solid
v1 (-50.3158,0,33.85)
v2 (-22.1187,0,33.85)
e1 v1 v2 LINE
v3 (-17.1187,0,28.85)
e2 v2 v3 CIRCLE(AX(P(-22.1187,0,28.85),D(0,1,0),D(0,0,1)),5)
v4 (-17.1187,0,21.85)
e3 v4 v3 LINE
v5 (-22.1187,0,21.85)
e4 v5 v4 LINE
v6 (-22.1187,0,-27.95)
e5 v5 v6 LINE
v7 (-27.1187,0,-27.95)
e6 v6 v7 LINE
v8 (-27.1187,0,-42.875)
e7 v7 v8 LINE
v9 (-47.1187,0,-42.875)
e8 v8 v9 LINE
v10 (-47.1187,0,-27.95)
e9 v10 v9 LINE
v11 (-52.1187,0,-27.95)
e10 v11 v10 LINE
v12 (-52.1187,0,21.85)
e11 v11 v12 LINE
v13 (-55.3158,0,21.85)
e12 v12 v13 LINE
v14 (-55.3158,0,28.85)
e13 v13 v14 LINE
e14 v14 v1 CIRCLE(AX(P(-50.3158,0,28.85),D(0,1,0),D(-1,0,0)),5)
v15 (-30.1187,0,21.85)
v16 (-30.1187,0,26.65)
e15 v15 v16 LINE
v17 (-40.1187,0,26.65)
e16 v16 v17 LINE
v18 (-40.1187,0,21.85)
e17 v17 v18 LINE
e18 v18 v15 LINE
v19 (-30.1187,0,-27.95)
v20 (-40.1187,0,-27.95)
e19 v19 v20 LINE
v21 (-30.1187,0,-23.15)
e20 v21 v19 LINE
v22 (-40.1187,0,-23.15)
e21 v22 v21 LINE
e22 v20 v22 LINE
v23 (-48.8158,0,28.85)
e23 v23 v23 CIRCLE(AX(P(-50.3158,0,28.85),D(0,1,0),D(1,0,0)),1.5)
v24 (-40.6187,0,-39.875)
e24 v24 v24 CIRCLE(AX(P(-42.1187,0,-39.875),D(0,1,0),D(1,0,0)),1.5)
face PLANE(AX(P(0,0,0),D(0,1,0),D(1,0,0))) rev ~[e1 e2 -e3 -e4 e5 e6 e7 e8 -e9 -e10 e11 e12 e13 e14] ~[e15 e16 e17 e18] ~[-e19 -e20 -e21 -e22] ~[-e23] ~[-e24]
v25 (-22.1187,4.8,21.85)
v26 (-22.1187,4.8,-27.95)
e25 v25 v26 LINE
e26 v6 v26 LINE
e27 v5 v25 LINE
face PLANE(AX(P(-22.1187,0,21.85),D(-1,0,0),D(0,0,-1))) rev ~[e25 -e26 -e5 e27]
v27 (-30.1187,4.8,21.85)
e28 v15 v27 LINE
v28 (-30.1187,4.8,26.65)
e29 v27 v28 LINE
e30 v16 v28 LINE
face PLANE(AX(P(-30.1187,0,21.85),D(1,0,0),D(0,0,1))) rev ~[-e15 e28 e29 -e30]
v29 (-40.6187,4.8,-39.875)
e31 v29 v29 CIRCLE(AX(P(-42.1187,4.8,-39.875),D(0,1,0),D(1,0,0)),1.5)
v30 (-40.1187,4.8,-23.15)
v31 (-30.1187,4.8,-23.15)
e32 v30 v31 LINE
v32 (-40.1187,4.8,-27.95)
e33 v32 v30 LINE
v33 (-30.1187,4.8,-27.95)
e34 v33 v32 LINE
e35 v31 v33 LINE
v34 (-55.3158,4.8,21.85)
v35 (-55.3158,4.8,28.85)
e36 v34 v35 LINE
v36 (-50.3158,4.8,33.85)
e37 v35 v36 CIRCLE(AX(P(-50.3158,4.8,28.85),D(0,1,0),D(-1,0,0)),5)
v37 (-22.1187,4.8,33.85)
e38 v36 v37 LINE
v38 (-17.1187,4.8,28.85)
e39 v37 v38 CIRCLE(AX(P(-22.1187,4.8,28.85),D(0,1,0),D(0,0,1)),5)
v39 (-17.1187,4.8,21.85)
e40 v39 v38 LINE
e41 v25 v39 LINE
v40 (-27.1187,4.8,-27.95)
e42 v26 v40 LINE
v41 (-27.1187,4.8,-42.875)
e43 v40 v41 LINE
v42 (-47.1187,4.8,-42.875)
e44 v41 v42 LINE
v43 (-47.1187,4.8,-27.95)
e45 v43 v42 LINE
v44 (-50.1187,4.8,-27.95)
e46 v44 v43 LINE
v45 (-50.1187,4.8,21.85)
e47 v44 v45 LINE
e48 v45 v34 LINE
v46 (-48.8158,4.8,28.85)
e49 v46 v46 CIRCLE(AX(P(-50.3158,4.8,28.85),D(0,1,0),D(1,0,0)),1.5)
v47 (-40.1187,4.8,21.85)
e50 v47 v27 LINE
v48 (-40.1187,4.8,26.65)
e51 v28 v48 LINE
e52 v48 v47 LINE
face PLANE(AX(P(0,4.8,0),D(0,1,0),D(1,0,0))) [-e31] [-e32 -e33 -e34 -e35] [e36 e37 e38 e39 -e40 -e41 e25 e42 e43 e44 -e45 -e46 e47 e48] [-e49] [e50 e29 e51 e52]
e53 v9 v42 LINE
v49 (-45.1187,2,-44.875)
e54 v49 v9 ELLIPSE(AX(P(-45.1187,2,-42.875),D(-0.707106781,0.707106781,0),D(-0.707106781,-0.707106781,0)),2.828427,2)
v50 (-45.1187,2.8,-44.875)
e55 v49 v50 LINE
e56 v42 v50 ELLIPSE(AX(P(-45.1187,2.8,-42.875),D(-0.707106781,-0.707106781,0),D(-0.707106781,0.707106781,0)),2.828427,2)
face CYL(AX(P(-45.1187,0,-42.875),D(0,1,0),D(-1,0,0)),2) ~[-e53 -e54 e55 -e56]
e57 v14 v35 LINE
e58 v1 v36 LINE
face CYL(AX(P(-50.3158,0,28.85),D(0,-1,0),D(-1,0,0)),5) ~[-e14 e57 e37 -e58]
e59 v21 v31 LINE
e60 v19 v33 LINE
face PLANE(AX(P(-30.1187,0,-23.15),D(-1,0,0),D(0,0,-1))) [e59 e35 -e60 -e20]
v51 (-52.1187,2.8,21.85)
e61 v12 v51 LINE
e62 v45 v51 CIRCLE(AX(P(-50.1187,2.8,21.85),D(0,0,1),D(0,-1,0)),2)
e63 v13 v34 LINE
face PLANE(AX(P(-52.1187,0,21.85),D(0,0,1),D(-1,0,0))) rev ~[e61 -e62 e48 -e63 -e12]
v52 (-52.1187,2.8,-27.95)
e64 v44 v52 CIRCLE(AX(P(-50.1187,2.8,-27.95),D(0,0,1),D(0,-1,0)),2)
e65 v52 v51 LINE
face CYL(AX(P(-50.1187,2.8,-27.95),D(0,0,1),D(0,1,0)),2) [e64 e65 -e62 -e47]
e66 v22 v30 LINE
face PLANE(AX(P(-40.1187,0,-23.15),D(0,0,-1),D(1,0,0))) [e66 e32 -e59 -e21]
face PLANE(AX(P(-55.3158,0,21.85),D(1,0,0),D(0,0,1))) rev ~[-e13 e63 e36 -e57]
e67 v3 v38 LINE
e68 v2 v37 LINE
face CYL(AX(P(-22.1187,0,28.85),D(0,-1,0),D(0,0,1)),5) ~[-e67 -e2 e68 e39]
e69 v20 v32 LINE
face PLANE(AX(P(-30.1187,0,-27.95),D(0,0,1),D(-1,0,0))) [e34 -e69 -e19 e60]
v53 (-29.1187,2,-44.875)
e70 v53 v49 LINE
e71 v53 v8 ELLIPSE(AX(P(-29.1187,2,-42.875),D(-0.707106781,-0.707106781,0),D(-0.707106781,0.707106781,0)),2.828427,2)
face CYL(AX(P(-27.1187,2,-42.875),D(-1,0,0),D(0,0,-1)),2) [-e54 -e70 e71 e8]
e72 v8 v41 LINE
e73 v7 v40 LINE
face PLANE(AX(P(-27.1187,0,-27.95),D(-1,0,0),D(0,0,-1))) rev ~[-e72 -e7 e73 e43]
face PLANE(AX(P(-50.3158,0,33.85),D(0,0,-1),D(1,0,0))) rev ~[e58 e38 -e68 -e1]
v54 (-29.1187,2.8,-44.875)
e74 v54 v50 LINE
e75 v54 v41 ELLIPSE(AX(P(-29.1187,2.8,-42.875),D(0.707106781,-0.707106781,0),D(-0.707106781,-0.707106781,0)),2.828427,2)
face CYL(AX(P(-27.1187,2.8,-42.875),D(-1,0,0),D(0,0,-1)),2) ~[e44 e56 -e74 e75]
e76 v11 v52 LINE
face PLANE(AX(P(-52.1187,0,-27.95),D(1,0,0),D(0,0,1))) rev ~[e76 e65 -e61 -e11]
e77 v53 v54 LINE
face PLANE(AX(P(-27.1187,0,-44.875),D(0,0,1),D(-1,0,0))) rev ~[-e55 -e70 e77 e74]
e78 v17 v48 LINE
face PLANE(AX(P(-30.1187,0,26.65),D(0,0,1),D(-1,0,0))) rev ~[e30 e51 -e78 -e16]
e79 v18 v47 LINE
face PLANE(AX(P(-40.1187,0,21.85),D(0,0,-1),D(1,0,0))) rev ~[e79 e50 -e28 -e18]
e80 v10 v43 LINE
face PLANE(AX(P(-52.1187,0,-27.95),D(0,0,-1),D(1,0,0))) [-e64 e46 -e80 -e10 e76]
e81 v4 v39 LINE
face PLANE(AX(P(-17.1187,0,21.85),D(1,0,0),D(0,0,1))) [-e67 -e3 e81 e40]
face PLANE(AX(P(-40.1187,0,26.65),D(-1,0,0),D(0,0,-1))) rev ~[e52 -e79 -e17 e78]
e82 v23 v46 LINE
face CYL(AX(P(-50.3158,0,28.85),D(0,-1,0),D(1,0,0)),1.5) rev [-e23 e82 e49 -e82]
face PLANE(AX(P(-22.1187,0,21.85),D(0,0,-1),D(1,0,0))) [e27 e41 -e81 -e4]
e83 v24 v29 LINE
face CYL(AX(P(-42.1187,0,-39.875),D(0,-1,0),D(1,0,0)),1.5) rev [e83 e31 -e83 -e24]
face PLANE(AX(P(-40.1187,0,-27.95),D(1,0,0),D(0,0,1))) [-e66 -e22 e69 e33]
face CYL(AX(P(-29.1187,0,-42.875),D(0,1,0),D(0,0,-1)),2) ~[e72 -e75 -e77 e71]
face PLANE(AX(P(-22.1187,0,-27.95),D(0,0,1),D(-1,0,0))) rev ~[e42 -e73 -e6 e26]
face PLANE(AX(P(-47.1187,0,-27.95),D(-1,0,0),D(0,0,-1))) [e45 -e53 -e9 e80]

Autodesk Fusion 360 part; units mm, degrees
sketch "Sketch1" plane through (0, 0, 0) normal (0, 1, 0) x (1, 0, 0)
  circle A0 centre (0, 0) radius 14 construction
  circle A1 centre (0, 0) radius 48 construction
  circle A2 centre (0, 0) radius 58 construction
  circle A3 centre (0, 0) radius 68 construction
  line L0 (0, 0) -> (0, 52) construction
  line L1 (-9.7468, 47) -> (-49.1426, 47) construction
  line L2 (-35.0918, 32.75) -> (-59.5939, 32.75) construction
  line L3 (-39.023, 27.95) -> (-61.9903, 27.95) construction
  line L4 (-42.7385, -21.85) -> (-64.3939, -21.85) construction
  circle A4 centre (-50.3158, -28.85) radius 1.5
  circle A5 centre (-42.1187, 39.875) radius 1.5
  line L5 (-55.3158, -21.85) -> (-55.3158, -28.85)
  line L6 (-50.3158, -33.85) -> (-22.1187, -33.85)
  line L7 (-22.1187, -21.85) -> (-22.1187, 27.95)
  line L8 (-27.1187, 44.875) -> (-47.1187, 44.875)
  line L9 (-52.1187, -21.85) -> (-55.3158, -21.85)
  line L10 (-30.1187, 27.95) -> (-40.1187, 27.95)
  arc A6 (-50.3158, -33.85) -> (-55.3158, -28.85) centre (-50.3158, -28.85) ccw construction
  arc A7 (-55.3158, -28.85) -> (-50.3158, -33.85) centre (-50.3158, -28.85) ccw
  line L11 (-55.3158, -33.85) -> (-50.3158, -33.85) construction
  line L12 (-55.3158, -28.85) -> (-55.3158, -33.85) construction
  line L13 (-22.1187, -21.85) -> (-17.1187, -21.85)
  line L14 (-17.1187, -21.85) -> (-17.1187, -28.85)
  line L15 (-22.1187, -33.85) -> (-17.1187, -33.85) construction
  line L16 (-17.1187, -28.85) -> (-17.1187, -33.85) construction
  arc A8 (-17.1187, -28.85) -> (-22.1187, -33.85) centre (-22.1187, -28.85) ccw construction
  arc A9 (-22.1187, -33.85) -> (-17.1187, -28.85) centre (-22.1187, -28.85) ccw
  line L17 (-65.8278, -17.05) -> (-44.8698, -17.05) construction
  line L18 (-40.1187, -21.85) -> (-30.1187, -21.85)
  line L19 (-30.1187, -21.85) -> (-30.1187, -26.65)
  line L20 (-30.1187, -26.65) -> (-40.1187, -26.65)
  line L21 (-40.1187, -26.65) -> (-40.1187, -21.85)
  line L22 (-40.1187, 27.95) -> (-40.1187, 23.15)
  line L23 (-40.1187, 23.15) -> (-30.1187, 23.15)
  line L24 (-30.1187, 23.15) -> (-30.1187, 27.95)
  line L25 (-30.1187, -21.85) -> (-22.1187, -21.85) construction
  line L26 (-52.1187, 27.95) -> (-47.1187, 27.95)
  line L27 (-47.1187, 27.95) -> (-47.1187, 44.875)
  line L28 (-22.1187, 27.95) -> (-27.1187, 27.95)
  line L29 (-27.1187, 27.95) -> (-27.1187, 44.875)
  line L30 (-27.1187, 27.95) -> (-30.1187, 27.95) construction
  line L31 (-52.1187, 27.95) -> (-52.1187, -21.85)
  point P0 (0, 14)
  point P1 (-42.1187, 39.875)
  point P2 (-50.3158, -28.85)
  dimension "d1" = 28
  dimension "d2" = 96
  dimension "d3" = 116
  dimension "d4" = 136
  dimension "d5" = 38
  dimension "d6" = 5
  dimension "d7" = 19.25
  dimension "d8" = 4.8
  dimension "d11" = 7
  dimension "d12" = 7.125
  dimension "d13" = 3
  dimension "d14" = 3
  dimension "d15" = 10
  dimension "d24" = 5
  dimension "d27" = 5
  dimension "d28" = 10
  dimension "d29" = 4.8
  dimension "d30" = 45
  dimension "d31" = 10
  dimension "d32" = 4.8
  dimension "d34" = 8
  dimension "d35" = 4.8
  dimension "d36" = 10
  dimension "d37" = 8
  dimension "d38" = 5
  dimension "d39" = 5
  dimension "d40" = 5
  dimension "d43" = 12
extrude "Extrude1" add sketch "Sketch1" along normal blind 4.8
fillet "Fillet1" radius 2 4 edges at (-37.1187, 0, -44.875) (-47.1187, 2.4, -44.875) (-37.1187, 4.8, -44.875) (-27.1187, 2.4, -44.875)
fillet "Fillet2" radius 2 1 edges at (-52.1187, 4.8, -3.05)
